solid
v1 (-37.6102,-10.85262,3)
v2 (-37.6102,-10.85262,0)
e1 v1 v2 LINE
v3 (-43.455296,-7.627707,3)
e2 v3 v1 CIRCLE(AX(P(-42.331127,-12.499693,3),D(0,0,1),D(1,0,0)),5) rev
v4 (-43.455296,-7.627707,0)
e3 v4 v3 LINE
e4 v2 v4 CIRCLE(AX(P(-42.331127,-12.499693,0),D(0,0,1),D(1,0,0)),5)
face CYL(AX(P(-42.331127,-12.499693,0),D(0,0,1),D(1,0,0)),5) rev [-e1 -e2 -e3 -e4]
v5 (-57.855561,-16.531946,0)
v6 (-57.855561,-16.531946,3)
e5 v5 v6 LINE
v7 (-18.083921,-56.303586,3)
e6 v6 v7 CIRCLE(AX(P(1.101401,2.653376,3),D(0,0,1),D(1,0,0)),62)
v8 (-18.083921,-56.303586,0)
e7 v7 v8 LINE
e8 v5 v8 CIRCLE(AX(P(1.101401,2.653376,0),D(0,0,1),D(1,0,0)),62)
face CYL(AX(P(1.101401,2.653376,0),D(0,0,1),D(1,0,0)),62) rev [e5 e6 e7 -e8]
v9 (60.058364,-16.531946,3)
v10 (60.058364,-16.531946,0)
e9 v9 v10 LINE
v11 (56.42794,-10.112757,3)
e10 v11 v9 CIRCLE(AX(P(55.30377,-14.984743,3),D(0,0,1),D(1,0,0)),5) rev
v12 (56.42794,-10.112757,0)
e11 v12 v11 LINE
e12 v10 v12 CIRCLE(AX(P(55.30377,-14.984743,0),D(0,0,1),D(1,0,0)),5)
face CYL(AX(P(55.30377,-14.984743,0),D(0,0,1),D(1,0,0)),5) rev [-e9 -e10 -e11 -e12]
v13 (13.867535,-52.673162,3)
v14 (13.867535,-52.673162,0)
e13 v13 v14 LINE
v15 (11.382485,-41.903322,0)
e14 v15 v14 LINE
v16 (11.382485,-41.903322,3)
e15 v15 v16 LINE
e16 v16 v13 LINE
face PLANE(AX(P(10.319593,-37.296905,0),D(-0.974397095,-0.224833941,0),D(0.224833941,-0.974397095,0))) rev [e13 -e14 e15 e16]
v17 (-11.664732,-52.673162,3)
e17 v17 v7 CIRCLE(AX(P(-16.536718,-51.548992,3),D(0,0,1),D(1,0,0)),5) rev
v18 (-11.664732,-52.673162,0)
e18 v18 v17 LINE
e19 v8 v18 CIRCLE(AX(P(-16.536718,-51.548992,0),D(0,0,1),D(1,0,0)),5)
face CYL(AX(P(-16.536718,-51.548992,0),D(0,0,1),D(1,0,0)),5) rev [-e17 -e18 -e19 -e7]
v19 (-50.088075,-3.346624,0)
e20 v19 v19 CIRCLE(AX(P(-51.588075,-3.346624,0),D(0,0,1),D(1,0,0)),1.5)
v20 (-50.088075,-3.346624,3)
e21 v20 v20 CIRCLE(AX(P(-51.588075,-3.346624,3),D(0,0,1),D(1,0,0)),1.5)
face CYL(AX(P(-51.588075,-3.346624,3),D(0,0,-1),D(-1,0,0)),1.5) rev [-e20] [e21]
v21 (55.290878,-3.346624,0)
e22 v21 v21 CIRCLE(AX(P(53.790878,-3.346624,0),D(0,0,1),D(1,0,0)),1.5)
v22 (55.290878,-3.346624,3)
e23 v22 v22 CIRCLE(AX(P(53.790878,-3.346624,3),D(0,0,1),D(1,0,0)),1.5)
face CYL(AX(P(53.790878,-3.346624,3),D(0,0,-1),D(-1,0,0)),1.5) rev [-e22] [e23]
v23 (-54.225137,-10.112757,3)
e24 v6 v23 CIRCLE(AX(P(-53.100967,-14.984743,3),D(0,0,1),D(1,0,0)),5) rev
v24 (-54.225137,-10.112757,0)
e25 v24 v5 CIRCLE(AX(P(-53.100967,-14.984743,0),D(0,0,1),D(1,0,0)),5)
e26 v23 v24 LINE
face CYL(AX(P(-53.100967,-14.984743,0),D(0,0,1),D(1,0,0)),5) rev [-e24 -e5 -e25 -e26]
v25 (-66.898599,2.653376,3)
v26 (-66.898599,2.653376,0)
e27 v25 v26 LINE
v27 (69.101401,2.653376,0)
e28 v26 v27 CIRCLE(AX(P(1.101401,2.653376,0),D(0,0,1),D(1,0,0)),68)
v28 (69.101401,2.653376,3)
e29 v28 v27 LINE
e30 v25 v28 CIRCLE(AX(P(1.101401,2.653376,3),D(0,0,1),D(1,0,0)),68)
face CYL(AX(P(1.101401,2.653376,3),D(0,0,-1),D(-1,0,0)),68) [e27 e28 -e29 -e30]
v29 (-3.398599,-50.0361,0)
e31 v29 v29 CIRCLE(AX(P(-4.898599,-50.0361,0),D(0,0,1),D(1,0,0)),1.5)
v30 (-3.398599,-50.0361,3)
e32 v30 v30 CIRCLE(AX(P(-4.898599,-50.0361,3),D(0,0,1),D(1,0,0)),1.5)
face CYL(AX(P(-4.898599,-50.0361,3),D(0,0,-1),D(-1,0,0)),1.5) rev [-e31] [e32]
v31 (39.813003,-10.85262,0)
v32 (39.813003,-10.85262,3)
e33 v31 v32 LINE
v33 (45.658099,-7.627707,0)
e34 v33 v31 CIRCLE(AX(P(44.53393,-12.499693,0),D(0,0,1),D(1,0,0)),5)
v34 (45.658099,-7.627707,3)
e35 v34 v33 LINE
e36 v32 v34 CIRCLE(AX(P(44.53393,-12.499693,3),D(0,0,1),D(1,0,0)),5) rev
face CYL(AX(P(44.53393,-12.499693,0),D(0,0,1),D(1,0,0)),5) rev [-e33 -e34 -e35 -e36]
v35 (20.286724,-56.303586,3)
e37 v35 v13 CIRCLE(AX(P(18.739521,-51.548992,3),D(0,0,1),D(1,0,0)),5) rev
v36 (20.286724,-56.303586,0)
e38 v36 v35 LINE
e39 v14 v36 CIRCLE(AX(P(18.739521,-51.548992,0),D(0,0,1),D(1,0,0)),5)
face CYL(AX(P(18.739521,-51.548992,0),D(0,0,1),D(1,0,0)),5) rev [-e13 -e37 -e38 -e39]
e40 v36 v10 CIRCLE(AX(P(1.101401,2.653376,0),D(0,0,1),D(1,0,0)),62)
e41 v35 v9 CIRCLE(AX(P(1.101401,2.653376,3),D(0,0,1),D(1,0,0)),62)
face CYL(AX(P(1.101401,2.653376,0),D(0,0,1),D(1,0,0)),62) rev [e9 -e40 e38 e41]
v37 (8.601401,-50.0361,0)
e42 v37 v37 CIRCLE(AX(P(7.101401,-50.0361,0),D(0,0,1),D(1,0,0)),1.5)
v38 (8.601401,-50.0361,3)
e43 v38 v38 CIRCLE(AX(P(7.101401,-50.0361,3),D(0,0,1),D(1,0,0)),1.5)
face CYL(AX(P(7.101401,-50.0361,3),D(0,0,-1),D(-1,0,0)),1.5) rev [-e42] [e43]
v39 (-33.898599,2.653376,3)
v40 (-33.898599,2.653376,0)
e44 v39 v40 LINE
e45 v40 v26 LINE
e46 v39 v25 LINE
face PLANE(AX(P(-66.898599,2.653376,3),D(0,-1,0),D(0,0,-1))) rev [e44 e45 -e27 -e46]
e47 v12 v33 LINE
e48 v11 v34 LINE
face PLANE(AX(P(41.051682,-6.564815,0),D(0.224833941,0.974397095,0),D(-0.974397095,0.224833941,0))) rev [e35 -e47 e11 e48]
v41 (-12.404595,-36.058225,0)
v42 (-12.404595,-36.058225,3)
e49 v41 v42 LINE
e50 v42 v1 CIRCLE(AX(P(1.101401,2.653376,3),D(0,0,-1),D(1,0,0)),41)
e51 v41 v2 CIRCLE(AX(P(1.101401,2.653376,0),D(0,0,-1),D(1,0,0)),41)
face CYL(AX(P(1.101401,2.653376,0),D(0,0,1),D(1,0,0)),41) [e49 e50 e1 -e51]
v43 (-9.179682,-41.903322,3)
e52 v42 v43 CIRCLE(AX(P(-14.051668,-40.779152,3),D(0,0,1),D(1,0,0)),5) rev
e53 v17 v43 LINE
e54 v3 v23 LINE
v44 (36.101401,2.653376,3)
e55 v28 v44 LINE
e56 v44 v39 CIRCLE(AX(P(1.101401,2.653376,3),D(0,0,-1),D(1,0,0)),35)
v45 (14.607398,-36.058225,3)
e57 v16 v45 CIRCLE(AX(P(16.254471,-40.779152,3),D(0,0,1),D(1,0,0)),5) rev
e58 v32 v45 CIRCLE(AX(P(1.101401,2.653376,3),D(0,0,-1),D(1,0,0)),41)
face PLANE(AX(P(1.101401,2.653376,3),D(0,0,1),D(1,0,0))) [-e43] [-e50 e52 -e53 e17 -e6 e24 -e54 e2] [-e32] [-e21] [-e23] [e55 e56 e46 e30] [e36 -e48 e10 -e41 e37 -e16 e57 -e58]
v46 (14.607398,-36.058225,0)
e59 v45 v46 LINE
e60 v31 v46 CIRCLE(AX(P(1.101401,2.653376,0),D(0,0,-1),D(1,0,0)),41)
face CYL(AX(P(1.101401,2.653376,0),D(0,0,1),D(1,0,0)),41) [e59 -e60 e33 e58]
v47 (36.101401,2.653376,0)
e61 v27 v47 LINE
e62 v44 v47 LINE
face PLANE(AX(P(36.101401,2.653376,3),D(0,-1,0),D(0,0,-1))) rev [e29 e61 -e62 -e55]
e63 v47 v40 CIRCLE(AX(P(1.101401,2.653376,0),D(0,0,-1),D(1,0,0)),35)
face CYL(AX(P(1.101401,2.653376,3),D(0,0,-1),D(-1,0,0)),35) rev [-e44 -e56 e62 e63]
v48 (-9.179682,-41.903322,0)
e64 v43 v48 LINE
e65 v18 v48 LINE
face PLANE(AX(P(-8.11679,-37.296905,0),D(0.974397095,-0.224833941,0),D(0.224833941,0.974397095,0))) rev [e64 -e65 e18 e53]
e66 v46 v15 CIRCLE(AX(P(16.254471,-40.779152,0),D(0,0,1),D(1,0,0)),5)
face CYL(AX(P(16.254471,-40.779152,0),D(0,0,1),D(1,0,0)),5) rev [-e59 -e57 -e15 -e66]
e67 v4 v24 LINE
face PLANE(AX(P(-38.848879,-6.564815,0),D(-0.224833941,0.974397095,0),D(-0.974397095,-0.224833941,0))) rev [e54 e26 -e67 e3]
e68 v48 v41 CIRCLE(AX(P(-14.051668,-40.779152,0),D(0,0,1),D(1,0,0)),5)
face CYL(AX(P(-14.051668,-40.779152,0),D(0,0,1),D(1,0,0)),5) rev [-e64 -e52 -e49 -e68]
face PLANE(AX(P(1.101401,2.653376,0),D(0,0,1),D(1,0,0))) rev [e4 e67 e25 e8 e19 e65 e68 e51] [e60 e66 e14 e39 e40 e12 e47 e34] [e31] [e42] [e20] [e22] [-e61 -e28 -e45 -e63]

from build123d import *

# Parameters (mm, degrees)
SKETCH_1_R          = 1.5
EXTRUDE_1_DEPTH     = 3
CUT_EXTRUDE_1_DEPTH = 3
FILLET_1_R          = 5


with BuildPart() as part:
    # 草图1 → 凸台-拉伸1 (new body)
    with BuildSketch(Plane.XY):
        with BuildLine():
            Line((-66.898598537, 2.653376251), (-33.898598537, 2.653376251))
            ThreePointArc((-33.898598537, 2.653376251), (1.101401463, -32.346623749), (36.101401463, 2.653376251))
            Line((36.101401463, 2.653376251), (69.101401463, 2.653376251))
            ThreePointArc((69.101401463, 2.653376251), (1.101401463, -65.346623749), (-66.898598537, 2.653376251))
        make_face()
        with Locations((-51.588074716, -3.346623749)):
            Circle(SKETCH_1_R, mode=Mode.SUBTRACT)
        with Locations((-4.898598537, -50.036099928)):
            Circle(SKETCH_1_R, mode=Mode.SUBTRACT)
        with Locations((7.101401463, -50.036099928)):
            Circle(SKETCH_1_R, mode=Mode.SUBTRACT)
        with Locations((53.790877642, -3.346623749)):
            Circle(SKETCH_1_R, mode=Mode.SUBTRACT)
    extrude(amount=EXTRUDE_1_DEPTH)

    # 草图2 → 切除-拉伸1 (cut)
    with BuildSketch(Plane.XY.offset(3)):
        with BuildLine():
            Line((10.319593038, -37.29690465), (15.041105796, -57.759243648))
            ThreePointArc((15.041105796, -57.759243648), (44.942021896, -41.187244183), (61.514021362, -11.286328082))
            Line((61.514021362, -11.286328082), (41.051682364, -6.564815324))
            ThreePointArc((41.051682364, -6.564815324), (30.092779491, -26.338001778), (10.319593038, -37.29690465))
        make_face()
        with BuildLine():
            Line((-8.116790112, -37.29690465), (-12.83830287, -57.759243648))
            ThreePointArc((-12.83830287, -57.759243648), (-42.739218971, -41.187244183), (-59.311218437, -11.286328082))
            Line((-59.311218437, -11.286328082), (-38.848879439, -6.564815324))
            ThreePointArc((-38.848879439, -6.564815324), (-27.889976566, -26.338001778), (-8.116790112, -37.29690465))
        make_face()
    extrude(amount=-CUT_EXTRUDE_1_DEPTH, mode=Mode.SUBTRACT)

    # 圆角1
    fillet_1_edges = [part.edges().sort_by_distance(p)[0] for p in [
        (-38.848879439, -6.564815324, 1.5),
        (-8.116790112, -37.29690465, 1.5),
        (-12.83830287, -57.759243648, 1.5),
        (-59.311218437, -11.286328082, 1.5),
        (10.319593038, -37.29690465, 1.5),
        (41.051682364, -6.564815324, 1.5),
        (61.514021362, -11.286328082, 1.5),
        (15.041105796, -57.759243648, 1.5),
    ]]
    fillet(fillet_1_edges, radius=FILLET_1_R)


solid = part.part
